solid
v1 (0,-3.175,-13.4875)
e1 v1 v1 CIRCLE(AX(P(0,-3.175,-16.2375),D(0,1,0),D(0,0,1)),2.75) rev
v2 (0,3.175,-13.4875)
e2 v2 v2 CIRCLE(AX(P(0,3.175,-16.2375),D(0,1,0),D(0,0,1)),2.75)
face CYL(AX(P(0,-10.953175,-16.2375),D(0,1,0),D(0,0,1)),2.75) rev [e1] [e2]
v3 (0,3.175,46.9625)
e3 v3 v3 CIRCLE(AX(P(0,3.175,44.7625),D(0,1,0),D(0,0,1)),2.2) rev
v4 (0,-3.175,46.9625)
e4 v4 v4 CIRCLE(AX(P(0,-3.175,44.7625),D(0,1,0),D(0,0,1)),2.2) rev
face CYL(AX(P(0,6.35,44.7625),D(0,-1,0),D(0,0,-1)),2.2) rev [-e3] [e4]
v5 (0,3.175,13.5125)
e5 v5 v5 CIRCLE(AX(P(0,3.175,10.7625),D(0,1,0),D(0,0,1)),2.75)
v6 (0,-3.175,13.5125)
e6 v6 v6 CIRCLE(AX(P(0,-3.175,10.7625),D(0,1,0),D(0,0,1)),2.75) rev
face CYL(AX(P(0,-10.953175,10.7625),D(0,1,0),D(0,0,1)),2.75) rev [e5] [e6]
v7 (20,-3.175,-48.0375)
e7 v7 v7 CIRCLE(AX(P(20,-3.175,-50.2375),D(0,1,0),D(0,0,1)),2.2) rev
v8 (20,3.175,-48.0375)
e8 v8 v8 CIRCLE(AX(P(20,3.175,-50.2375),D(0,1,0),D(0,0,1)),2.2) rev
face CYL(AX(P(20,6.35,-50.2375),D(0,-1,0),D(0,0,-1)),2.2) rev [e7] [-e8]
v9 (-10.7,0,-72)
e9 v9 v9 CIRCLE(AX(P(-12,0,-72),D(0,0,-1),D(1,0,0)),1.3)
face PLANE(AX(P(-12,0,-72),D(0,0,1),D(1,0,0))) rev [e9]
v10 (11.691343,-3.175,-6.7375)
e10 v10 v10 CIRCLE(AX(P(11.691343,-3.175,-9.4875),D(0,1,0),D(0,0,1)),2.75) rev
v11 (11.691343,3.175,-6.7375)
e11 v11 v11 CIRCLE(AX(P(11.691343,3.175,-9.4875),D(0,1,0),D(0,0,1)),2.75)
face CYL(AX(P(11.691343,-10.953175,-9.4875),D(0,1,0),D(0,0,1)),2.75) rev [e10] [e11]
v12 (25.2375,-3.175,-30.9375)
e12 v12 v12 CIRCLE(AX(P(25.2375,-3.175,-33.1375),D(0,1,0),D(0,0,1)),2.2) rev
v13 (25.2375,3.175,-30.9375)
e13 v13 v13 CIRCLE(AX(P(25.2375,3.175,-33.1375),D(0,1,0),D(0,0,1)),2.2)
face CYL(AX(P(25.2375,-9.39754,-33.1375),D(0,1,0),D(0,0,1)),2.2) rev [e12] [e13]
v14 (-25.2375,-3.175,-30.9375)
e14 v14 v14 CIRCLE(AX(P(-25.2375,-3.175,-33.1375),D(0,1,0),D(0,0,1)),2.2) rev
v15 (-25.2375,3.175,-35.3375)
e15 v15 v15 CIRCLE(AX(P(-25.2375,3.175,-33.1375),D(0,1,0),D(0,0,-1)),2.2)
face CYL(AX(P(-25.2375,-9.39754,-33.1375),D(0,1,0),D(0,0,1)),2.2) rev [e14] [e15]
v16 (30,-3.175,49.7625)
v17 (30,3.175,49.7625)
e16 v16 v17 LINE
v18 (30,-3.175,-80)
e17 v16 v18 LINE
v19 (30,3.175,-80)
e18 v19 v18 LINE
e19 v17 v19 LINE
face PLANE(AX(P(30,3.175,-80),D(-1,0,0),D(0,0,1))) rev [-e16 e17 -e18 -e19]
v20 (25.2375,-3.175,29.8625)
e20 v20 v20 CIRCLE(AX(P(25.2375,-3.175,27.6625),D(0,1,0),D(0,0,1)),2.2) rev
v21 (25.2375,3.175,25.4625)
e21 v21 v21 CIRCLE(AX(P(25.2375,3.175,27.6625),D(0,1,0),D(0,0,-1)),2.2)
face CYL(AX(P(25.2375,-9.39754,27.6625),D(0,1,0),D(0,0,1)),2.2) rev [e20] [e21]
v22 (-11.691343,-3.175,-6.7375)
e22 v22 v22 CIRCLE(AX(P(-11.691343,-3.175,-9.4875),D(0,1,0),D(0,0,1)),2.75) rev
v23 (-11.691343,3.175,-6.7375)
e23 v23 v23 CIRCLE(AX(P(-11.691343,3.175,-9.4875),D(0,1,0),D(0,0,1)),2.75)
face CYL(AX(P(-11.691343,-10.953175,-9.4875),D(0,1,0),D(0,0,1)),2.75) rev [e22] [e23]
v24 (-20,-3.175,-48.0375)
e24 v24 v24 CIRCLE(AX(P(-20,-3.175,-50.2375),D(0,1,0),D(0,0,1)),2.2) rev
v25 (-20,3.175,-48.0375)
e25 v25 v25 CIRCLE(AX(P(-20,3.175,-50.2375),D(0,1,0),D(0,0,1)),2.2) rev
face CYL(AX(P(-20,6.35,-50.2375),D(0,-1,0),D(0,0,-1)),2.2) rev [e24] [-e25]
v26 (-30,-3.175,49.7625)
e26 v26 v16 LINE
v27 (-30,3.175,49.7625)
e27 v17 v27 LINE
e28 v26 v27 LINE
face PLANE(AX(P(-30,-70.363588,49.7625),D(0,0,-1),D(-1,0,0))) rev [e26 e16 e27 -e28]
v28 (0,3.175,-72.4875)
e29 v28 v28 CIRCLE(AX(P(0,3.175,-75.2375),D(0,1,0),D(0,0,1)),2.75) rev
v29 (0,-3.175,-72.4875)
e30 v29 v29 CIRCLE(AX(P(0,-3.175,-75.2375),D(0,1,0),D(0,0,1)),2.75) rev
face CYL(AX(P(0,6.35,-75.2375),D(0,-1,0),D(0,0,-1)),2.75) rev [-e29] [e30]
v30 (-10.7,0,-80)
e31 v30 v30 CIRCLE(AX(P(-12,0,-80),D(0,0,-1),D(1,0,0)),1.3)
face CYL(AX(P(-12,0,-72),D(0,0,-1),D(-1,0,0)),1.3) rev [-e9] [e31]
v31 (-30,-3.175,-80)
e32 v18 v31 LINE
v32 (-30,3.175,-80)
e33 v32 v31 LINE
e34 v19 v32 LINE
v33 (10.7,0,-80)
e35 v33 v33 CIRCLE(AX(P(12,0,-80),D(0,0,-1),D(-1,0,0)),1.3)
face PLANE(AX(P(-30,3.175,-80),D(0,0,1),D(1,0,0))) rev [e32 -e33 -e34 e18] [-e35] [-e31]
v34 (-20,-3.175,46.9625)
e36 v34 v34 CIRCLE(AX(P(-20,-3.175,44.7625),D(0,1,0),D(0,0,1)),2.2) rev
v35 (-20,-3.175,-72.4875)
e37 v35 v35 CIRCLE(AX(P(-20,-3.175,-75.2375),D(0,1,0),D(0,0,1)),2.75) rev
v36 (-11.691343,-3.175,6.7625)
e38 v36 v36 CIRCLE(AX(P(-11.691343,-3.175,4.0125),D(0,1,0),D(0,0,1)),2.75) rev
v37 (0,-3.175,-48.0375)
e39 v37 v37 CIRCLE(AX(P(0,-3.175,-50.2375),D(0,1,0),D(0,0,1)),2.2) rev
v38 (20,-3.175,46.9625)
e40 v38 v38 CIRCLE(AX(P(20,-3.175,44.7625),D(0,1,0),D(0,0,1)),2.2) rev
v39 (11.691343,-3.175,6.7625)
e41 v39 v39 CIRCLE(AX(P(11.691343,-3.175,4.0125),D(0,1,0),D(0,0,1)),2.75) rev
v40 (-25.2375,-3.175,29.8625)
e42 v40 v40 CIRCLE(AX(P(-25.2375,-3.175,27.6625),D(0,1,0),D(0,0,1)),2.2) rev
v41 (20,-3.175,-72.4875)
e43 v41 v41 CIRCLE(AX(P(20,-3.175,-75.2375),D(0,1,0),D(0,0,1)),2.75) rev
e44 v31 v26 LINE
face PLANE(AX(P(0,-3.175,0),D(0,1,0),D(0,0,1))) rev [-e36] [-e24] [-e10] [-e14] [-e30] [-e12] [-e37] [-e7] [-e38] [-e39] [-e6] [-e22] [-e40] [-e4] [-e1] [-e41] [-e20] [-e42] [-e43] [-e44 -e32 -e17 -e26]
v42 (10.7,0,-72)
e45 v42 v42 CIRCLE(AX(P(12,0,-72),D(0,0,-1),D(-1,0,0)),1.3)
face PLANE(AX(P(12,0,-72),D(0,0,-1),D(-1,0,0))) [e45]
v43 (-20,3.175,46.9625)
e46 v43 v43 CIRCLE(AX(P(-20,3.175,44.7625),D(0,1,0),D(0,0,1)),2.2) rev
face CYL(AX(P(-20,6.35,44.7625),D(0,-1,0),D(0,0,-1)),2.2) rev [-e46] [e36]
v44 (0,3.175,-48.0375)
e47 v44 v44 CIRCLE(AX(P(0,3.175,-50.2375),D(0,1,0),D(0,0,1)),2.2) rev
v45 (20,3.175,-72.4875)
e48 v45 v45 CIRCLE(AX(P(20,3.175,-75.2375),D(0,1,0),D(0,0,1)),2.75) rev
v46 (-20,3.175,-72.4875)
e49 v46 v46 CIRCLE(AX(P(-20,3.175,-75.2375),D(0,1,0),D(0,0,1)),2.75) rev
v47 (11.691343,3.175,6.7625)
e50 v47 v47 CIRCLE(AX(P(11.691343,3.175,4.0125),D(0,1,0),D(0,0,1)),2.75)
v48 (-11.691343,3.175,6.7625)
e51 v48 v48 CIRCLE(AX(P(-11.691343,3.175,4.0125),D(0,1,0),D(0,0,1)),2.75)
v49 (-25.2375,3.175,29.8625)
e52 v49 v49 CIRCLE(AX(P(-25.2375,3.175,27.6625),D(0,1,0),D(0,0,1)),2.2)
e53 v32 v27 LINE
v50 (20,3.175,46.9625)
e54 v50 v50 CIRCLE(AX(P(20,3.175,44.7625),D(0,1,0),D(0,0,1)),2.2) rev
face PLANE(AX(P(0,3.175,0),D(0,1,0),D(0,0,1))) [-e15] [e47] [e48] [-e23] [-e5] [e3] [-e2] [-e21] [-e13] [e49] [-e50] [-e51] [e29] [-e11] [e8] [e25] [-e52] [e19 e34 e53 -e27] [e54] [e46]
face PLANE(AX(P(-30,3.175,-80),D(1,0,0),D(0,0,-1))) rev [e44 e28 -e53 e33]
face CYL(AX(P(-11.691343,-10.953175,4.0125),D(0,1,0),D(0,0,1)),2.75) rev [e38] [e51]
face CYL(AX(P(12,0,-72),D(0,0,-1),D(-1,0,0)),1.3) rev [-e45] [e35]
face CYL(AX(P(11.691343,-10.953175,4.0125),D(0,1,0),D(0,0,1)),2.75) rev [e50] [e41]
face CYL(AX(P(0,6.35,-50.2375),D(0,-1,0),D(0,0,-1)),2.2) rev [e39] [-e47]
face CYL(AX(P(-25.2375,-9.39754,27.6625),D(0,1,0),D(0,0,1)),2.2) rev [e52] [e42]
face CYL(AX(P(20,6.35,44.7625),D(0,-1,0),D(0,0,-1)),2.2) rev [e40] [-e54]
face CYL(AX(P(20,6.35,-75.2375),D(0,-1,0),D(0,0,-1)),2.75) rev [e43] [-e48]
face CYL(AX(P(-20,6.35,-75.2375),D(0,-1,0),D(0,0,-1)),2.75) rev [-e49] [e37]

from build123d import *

# Parameters (mm, degrees)
SKETCH1_W               = 60
SKETCH1_H               = 160
BOSS_EXTRUDE1_DEPTH     = 3.175
M4_5_THROUGH_DEPTH      = 6.35
M4_5_THROUGH_DEPTH_BACK = 3.175
SKETCH3_R               = 2.75
SKETCH3_R_2             = 2.2
SKETCH4_R               = 1.3
M3_DRILL_DEPTH          = 8
SKETCH5_R               = 2.2
M4_THROUGH_DEPTH        = 6.35
SKETCH6_R               = 2.75
M5_THROUGH_DEPTH        = 6.35
SKETCH7_W               = 60
SKETCH7_H               = 30.2375
CUT_EXTRUDE1_DEPTH      = 6.35


with BuildPart() as part:
    # Sketch1 → Boss-Extrude1 (new, symmetric)
    with BuildSketch(Plane(origin=(0, 0, 0), x_dir=(1, 0, 0), z_dir=(0, 1, 0))):
        Rectangle(SKETCH1_W, SKETCH1_H)
    extrude(amount=BOSS_EXTRUDE1_DEPTH, both=True)

    # Sketch3 → M4/5_through (cut, two sides: drawn at the far end of the back side and taken through both)
    with BuildSketch(Plane(origin=(0, 0, 0), x_dir=(1, 0, 0), z_dir=(0, 1, 0)).offset(-M4_5_THROUGH_DEPTH_BACK)):
        with Locations(Location((20, 75.2375, 0), (0, 0, 270))):
            Circle(SKETCH3_R)
        with Locations(Location((20, 50.2375, 0), (0, 0, 270))):
            Circle(SKETCH3_R_2)
        with Locations(Location((-20, 50.2375, 0), (0, 0, 270))):
            Circle(SKETCH3_R_2)
        with Locations(Location((-20, 75.2375, 0), (0, 0, 270))):
            Circle(SKETCH3_R)
        with Locations(Location((0, 75.2375, 0), (0, 0, 270))):
            Circle(SKETCH3_R)
        with Locations(Location((0, 50.2375, 0), (0, 0, 270))):
            Circle(SKETCH3_R_2)
        with Locations(Location((20, -44.7625, 0), (0, 0, 270))):
            Circle(SKETCH3_R_2)
        with Locations(Location((-20, -44.7625, 0), (0, 0, 270))):
            Circle(SKETCH3_R_2)
        with Locations(Location((0, -44.7625, 0), (0, 0, 270))):
            Circle(SKETCH3_R_2)
    extrude(amount=M4_5_THROUGH_DEPTH + M4_5_THROUGH_DEPTH_BACK, mode=Mode.SUBTRACT)

    # Sketch4 → M3_DRILL (cut)
    with BuildSketch(Plane(origin=(0, 0, -80), x_dir=(-1, 0, 0), z_dir=(0, 0, -1))):
        with Locations((-12, 0)):
            Circle(SKETCH4_R)
        with Locations(Location((12, 0, 0), (0, 0, 180))):
            Circle(SKETCH4_R)
    extrude(amount=-M3_DRILL_DEPTH, mode=Mode.SUBTRACT)

    # Sketch5 → M4_through (cut)
    with BuildSketch(Plane(origin=(0, 3.175, 0), x_dir=(1, 0, 0), z_dir=(0, 1, 0))):
        with Locations(Location((-25.2375, -27.6625, 0), (0, 0, 270))):
            Circle(SKETCH5_R)
        with Locations(Location((25.2375, -27.6625, 0), (0, 0, 270))):
            Circle(SKETCH5_R)
        with Locations(Location((25.2375, 33.1375, 0), (0, 0, 270))):
            Circle(SKETCH5_R)
        with Locations(Location((-25.2375, 33.1375, 0), (0, 0, 270))):
            Circle(SKETCH5_R)
    extrude(amount=-M4_THROUGH_DEPTH, mode=Mode.SUBTRACT)

    # Sketch6 → M5_through (cut)
    with BuildSketch(Plane(origin=(0, 3.175, 0), x_dir=(1, 0, 0), z_dir=(0, 1, 0))):
        with Locations(Location((0, 16.2375, 0), (0, 0, 270))):
            Circle(SKETCH6_R)
        with Locations(Location((11.691342951, 9.4875, 0), (0, 0, 270))):
            Circle(SKETCH6_R)
        with Locations(Location((11.691342951, -4.0125, 0), (0, 0, 270))):
            Circle(SKETCH6_R)
        with Locations(Location((0, -10.7625, 0), (0, 0, 270))):
            Circle(SKETCH6_R)
        with Locations(Location((-11.691342951, -4.0125, 0), (0, 0, 270))):
            Circle(SKETCH6_R)
        with Locations(Location((-11.691342951, 9.4875, 0), (0, 0, 270))):
            Circle(SKETCH6_R)
    extrude(amount=-M5_THROUGH_DEPTH, mode=Mode.SUBTRACT)

    # Sketch7 → Cut-Extrude1 (cut)
    with BuildSketch(Plane(origin=(0, 3.175, 0), x_dir=(1, 0, 0), z_dir=(0, 1, 0))):
        with Locations((0, -64.88125)):
            Rectangle(SKETCH7_W, SKETCH7_H)
    extrude(amount=-CUT_EXTRUDE1_DEPTH, mode=Mode.SUBTRACT)


solid = part.part
